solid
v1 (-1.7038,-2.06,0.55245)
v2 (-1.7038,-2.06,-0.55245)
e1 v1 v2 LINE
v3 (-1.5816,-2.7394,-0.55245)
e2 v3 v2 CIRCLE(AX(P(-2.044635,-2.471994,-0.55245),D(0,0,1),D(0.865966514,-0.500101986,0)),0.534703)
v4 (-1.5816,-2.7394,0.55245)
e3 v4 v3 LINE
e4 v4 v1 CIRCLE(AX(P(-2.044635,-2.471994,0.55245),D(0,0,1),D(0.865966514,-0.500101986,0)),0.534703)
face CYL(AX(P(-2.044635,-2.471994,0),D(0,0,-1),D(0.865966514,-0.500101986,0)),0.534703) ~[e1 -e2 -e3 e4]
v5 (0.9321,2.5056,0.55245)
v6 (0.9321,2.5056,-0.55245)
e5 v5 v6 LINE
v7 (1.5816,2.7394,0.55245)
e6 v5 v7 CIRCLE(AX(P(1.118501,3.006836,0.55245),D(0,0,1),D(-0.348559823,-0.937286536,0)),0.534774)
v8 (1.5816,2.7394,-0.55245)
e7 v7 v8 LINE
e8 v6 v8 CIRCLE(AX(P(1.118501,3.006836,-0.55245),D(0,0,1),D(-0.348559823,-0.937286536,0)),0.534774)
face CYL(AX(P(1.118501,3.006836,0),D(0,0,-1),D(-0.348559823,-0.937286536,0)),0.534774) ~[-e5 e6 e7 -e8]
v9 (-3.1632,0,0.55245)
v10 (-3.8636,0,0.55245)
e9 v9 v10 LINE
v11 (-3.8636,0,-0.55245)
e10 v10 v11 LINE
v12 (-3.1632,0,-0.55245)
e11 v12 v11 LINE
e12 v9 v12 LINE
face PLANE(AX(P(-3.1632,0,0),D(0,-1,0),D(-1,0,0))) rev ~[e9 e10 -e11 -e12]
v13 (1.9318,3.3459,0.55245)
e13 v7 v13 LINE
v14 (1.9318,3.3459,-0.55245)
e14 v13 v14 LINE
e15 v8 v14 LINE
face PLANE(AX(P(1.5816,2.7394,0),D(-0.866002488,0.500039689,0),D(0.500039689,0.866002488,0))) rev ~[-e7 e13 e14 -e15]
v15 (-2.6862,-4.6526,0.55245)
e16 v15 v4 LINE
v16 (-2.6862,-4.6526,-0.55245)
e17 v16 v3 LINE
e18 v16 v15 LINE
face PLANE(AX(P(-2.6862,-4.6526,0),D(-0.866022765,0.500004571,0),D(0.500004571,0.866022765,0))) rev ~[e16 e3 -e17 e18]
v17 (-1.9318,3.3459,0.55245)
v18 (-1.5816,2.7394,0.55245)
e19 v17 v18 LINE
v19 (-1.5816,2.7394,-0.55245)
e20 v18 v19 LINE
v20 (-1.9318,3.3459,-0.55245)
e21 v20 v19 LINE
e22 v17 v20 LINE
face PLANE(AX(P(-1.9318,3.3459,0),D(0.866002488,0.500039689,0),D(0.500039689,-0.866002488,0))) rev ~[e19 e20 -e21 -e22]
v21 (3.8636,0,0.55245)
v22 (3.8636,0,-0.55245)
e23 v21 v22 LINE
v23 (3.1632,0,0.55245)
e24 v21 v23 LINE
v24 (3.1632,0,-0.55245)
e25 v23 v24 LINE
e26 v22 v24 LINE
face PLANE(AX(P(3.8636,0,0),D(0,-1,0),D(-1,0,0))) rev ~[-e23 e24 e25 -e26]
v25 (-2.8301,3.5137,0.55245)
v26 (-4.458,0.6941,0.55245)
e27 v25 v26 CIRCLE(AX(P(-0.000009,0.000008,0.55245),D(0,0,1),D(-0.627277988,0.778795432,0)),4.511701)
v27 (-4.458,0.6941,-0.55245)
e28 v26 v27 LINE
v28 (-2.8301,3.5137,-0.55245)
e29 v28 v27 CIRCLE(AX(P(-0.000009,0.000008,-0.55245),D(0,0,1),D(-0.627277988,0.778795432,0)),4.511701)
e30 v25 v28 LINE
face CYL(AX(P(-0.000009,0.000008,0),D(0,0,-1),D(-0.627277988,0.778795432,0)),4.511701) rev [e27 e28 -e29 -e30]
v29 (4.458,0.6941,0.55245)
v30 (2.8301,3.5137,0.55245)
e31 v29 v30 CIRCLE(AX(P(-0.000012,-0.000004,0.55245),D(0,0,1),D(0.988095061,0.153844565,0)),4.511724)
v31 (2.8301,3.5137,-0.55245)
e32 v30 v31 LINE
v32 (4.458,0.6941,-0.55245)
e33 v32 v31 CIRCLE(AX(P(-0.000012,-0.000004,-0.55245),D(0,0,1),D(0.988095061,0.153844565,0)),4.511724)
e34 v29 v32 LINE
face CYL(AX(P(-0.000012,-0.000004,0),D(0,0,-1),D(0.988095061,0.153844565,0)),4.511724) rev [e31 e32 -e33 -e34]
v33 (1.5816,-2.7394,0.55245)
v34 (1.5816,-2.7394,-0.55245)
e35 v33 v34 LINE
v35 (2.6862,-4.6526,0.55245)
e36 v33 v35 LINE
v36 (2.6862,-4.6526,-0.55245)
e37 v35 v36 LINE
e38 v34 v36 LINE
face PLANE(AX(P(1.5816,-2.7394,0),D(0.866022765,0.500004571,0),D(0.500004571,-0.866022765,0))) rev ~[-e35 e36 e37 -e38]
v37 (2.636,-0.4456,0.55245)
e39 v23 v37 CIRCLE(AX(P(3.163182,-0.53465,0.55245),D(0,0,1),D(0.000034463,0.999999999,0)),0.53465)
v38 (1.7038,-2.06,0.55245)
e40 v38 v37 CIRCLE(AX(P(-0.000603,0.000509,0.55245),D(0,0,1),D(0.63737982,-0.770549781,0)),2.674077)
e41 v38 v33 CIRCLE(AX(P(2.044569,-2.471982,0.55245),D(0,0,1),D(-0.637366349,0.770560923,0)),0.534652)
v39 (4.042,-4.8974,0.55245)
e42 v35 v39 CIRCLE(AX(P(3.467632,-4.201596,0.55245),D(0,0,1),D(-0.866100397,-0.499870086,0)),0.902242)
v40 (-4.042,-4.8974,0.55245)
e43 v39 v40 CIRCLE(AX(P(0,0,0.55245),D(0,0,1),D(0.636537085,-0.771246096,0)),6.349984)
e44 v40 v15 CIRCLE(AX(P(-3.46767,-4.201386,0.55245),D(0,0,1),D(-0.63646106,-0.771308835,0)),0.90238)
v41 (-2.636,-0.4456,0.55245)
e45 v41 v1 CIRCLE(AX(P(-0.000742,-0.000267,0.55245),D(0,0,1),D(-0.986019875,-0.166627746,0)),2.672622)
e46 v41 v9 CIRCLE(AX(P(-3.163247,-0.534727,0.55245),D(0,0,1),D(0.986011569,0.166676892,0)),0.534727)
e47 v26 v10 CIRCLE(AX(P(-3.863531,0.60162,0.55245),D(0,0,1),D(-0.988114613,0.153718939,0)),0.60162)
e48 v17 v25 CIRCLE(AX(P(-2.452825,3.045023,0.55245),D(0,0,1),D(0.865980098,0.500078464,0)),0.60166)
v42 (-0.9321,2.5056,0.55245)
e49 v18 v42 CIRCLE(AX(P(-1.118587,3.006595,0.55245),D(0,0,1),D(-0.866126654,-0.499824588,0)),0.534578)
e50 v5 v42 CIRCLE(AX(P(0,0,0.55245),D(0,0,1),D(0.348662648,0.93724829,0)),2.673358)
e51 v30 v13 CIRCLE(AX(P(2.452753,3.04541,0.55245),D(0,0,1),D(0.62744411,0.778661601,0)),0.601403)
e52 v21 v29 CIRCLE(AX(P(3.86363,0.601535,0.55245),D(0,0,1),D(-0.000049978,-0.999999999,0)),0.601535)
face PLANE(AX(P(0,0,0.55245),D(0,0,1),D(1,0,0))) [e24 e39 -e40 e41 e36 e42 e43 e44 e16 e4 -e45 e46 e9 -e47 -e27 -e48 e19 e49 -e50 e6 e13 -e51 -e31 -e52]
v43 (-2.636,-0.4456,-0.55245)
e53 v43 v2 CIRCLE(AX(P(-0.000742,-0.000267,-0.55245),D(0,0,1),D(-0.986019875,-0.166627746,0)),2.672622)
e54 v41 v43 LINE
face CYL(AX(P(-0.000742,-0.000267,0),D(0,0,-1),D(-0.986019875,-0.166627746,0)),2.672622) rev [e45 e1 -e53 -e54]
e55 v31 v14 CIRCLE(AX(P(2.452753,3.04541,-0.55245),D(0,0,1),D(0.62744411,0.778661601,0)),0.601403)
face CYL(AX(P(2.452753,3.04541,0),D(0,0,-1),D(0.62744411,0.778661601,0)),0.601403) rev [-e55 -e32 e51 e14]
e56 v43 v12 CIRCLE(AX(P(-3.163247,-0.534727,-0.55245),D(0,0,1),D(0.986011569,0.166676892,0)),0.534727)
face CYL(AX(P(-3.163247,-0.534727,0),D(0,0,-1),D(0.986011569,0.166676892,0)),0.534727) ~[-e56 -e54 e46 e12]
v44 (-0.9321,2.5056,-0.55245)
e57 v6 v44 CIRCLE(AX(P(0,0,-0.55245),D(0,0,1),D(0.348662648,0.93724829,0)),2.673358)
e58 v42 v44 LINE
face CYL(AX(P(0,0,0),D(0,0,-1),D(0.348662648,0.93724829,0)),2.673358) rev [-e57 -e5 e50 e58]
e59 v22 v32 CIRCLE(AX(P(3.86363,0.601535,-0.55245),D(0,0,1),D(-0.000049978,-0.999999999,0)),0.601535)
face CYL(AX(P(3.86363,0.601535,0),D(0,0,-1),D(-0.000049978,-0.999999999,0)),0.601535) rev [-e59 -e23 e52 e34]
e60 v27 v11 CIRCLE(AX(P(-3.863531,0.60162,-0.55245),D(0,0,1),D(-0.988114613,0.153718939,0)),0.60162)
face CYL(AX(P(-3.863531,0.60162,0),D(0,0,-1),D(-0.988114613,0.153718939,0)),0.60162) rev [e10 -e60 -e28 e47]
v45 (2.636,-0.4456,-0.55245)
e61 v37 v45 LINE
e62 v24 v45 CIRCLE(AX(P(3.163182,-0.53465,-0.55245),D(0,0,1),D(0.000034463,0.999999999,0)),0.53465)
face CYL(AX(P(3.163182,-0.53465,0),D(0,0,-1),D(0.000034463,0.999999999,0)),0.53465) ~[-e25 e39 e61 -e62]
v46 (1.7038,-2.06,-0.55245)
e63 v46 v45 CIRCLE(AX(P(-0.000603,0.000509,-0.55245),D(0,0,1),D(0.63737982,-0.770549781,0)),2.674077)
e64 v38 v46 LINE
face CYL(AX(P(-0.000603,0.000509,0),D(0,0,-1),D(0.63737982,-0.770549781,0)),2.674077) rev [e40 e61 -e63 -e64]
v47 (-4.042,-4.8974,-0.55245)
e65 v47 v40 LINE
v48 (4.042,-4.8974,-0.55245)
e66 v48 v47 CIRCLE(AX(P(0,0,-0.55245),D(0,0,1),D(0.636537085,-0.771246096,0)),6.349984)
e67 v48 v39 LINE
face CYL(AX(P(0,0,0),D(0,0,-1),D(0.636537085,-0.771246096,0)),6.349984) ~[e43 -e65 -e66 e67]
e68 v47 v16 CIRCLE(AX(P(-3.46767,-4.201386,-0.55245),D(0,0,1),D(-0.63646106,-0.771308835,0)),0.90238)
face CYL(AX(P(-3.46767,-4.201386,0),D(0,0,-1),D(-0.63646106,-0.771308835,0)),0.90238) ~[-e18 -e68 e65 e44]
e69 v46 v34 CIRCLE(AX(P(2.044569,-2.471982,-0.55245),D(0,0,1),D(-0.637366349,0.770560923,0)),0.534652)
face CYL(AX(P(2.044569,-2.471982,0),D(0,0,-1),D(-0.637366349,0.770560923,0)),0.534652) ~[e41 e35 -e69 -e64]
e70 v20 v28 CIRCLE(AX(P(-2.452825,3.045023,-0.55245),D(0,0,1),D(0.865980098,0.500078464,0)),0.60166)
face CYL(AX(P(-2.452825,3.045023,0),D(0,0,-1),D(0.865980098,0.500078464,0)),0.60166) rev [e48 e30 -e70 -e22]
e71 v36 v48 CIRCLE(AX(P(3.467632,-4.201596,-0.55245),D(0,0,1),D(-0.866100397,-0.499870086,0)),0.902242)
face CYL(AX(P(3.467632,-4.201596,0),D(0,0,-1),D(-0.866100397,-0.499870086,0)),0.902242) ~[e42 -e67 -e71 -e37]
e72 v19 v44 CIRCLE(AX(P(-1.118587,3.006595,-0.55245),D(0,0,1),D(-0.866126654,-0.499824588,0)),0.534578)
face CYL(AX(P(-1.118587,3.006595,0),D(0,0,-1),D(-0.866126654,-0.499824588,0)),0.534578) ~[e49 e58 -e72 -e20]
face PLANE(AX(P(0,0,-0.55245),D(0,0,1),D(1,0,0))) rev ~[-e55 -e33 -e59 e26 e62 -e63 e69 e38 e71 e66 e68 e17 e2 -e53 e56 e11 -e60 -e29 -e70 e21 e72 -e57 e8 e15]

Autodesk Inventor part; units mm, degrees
sketch "Sketch_1" plane through (0, 0, 0) normal (0, 0, 1) x (1, 0, 0)
  arc A0 (4.042, -4.8974) -> (-4.042, -4.8974) centre (0, 0) ccw
  arc A1 (-4.042, -4.8974) -> (-2.6862, -4.6526) centre (-3.4677, -4.2015) ccw
  line L0 (-2.6862, -4.6526) -> (-1.5816, -2.7394)
  arc A2 (-1.5816, -2.7394) -> (-1.7038, -2.06) centre (-2.0446, -2.472) ccw
  arc A3 (-2.636, -0.4456) -> (-1.7038, -2.06) centre (0, 0) ccw
  arc A4 (-2.636, -0.4456) -> (-3.1632, 0) centre (-3.1632, -0.5347) ccw
  line L1 (-3.1632, 0) -> (-3.8636, 0)
  arc A5 (-4.458, 0.6941) -> (-3.8636, 0) centre (-3.8636, 0.6016) ccw
  arc A6 (-2.8301, 3.5137) -> (-4.458, 0.6941) centre (0, 0) ccw
  arc A7 (-1.9318, 3.3459) -> (-2.8301, 3.5137) centre (-2.4527, 3.0452) ccw
  line L2 (-1.9318, 3.3459) -> (-1.5816, 2.7394)
  arc A8 (-1.5816, 2.7394) -> (-0.9321, 2.5056) centre (-1.1185, 3.0067) ccw
  arc A9 (0.9321, 2.5056) -> (-0.9321, 2.5056) centre (0, 0) ccw
  arc A10 (0.9321, 2.5056) -> (1.5816, 2.7394) centre (1.1185, 3.0067) ccw
  line L3 (1.5816, 2.7394) -> (1.9318, 3.3459)
  arc A11 (2.8301, 3.5137) -> (1.9318, 3.3459) centre (2.4527, 3.0452) ccw
  arc A12 (4.458, 0.6941) -> (2.8301, 3.5137) centre (0, 0) ccw
  arc A13 (3.8636, 0) -> (4.458, 0.6941) centre (3.8636, 0.6016) ccw
  line L4 (3.8636, 0) -> (3.1632, 0)
  arc A14 (3.1632, 0) -> (2.636, -0.4456) centre (3.1632, -0.5347) ccw
  arc A15 (1.7038, -2.06) -> (2.636, -0.4456) centre (0, 0) ccw
  arc A16 (1.7038, -2.06) -> (1.5816, -2.7394) centre (2.0446, -2.472) ccw
  line L5 (1.5816, -2.7394) -> (2.6862, -4.6526)
  arc A17 (2.6862, -4.6526) -> (4.042, -4.8974) centre (3.4677, -4.2015) ccw
extrude "Extrusion1" add sketch "Sketch_1" along normal mid plane 1.1049
ref_plane "RR_XY" through (0, 0, 0) normal (0, 0, 1) x (1, 0, 0)
ref_plane "RR_YZ" through (0, 0, 0) normal (1, 0, 0) x (0, 1, 0)
ref_plane "RR_ZX" through (0, 0, 0) normal (0, 1, 0) x (0, 0, 1)
properties part number "D-5866" material "Steel"
